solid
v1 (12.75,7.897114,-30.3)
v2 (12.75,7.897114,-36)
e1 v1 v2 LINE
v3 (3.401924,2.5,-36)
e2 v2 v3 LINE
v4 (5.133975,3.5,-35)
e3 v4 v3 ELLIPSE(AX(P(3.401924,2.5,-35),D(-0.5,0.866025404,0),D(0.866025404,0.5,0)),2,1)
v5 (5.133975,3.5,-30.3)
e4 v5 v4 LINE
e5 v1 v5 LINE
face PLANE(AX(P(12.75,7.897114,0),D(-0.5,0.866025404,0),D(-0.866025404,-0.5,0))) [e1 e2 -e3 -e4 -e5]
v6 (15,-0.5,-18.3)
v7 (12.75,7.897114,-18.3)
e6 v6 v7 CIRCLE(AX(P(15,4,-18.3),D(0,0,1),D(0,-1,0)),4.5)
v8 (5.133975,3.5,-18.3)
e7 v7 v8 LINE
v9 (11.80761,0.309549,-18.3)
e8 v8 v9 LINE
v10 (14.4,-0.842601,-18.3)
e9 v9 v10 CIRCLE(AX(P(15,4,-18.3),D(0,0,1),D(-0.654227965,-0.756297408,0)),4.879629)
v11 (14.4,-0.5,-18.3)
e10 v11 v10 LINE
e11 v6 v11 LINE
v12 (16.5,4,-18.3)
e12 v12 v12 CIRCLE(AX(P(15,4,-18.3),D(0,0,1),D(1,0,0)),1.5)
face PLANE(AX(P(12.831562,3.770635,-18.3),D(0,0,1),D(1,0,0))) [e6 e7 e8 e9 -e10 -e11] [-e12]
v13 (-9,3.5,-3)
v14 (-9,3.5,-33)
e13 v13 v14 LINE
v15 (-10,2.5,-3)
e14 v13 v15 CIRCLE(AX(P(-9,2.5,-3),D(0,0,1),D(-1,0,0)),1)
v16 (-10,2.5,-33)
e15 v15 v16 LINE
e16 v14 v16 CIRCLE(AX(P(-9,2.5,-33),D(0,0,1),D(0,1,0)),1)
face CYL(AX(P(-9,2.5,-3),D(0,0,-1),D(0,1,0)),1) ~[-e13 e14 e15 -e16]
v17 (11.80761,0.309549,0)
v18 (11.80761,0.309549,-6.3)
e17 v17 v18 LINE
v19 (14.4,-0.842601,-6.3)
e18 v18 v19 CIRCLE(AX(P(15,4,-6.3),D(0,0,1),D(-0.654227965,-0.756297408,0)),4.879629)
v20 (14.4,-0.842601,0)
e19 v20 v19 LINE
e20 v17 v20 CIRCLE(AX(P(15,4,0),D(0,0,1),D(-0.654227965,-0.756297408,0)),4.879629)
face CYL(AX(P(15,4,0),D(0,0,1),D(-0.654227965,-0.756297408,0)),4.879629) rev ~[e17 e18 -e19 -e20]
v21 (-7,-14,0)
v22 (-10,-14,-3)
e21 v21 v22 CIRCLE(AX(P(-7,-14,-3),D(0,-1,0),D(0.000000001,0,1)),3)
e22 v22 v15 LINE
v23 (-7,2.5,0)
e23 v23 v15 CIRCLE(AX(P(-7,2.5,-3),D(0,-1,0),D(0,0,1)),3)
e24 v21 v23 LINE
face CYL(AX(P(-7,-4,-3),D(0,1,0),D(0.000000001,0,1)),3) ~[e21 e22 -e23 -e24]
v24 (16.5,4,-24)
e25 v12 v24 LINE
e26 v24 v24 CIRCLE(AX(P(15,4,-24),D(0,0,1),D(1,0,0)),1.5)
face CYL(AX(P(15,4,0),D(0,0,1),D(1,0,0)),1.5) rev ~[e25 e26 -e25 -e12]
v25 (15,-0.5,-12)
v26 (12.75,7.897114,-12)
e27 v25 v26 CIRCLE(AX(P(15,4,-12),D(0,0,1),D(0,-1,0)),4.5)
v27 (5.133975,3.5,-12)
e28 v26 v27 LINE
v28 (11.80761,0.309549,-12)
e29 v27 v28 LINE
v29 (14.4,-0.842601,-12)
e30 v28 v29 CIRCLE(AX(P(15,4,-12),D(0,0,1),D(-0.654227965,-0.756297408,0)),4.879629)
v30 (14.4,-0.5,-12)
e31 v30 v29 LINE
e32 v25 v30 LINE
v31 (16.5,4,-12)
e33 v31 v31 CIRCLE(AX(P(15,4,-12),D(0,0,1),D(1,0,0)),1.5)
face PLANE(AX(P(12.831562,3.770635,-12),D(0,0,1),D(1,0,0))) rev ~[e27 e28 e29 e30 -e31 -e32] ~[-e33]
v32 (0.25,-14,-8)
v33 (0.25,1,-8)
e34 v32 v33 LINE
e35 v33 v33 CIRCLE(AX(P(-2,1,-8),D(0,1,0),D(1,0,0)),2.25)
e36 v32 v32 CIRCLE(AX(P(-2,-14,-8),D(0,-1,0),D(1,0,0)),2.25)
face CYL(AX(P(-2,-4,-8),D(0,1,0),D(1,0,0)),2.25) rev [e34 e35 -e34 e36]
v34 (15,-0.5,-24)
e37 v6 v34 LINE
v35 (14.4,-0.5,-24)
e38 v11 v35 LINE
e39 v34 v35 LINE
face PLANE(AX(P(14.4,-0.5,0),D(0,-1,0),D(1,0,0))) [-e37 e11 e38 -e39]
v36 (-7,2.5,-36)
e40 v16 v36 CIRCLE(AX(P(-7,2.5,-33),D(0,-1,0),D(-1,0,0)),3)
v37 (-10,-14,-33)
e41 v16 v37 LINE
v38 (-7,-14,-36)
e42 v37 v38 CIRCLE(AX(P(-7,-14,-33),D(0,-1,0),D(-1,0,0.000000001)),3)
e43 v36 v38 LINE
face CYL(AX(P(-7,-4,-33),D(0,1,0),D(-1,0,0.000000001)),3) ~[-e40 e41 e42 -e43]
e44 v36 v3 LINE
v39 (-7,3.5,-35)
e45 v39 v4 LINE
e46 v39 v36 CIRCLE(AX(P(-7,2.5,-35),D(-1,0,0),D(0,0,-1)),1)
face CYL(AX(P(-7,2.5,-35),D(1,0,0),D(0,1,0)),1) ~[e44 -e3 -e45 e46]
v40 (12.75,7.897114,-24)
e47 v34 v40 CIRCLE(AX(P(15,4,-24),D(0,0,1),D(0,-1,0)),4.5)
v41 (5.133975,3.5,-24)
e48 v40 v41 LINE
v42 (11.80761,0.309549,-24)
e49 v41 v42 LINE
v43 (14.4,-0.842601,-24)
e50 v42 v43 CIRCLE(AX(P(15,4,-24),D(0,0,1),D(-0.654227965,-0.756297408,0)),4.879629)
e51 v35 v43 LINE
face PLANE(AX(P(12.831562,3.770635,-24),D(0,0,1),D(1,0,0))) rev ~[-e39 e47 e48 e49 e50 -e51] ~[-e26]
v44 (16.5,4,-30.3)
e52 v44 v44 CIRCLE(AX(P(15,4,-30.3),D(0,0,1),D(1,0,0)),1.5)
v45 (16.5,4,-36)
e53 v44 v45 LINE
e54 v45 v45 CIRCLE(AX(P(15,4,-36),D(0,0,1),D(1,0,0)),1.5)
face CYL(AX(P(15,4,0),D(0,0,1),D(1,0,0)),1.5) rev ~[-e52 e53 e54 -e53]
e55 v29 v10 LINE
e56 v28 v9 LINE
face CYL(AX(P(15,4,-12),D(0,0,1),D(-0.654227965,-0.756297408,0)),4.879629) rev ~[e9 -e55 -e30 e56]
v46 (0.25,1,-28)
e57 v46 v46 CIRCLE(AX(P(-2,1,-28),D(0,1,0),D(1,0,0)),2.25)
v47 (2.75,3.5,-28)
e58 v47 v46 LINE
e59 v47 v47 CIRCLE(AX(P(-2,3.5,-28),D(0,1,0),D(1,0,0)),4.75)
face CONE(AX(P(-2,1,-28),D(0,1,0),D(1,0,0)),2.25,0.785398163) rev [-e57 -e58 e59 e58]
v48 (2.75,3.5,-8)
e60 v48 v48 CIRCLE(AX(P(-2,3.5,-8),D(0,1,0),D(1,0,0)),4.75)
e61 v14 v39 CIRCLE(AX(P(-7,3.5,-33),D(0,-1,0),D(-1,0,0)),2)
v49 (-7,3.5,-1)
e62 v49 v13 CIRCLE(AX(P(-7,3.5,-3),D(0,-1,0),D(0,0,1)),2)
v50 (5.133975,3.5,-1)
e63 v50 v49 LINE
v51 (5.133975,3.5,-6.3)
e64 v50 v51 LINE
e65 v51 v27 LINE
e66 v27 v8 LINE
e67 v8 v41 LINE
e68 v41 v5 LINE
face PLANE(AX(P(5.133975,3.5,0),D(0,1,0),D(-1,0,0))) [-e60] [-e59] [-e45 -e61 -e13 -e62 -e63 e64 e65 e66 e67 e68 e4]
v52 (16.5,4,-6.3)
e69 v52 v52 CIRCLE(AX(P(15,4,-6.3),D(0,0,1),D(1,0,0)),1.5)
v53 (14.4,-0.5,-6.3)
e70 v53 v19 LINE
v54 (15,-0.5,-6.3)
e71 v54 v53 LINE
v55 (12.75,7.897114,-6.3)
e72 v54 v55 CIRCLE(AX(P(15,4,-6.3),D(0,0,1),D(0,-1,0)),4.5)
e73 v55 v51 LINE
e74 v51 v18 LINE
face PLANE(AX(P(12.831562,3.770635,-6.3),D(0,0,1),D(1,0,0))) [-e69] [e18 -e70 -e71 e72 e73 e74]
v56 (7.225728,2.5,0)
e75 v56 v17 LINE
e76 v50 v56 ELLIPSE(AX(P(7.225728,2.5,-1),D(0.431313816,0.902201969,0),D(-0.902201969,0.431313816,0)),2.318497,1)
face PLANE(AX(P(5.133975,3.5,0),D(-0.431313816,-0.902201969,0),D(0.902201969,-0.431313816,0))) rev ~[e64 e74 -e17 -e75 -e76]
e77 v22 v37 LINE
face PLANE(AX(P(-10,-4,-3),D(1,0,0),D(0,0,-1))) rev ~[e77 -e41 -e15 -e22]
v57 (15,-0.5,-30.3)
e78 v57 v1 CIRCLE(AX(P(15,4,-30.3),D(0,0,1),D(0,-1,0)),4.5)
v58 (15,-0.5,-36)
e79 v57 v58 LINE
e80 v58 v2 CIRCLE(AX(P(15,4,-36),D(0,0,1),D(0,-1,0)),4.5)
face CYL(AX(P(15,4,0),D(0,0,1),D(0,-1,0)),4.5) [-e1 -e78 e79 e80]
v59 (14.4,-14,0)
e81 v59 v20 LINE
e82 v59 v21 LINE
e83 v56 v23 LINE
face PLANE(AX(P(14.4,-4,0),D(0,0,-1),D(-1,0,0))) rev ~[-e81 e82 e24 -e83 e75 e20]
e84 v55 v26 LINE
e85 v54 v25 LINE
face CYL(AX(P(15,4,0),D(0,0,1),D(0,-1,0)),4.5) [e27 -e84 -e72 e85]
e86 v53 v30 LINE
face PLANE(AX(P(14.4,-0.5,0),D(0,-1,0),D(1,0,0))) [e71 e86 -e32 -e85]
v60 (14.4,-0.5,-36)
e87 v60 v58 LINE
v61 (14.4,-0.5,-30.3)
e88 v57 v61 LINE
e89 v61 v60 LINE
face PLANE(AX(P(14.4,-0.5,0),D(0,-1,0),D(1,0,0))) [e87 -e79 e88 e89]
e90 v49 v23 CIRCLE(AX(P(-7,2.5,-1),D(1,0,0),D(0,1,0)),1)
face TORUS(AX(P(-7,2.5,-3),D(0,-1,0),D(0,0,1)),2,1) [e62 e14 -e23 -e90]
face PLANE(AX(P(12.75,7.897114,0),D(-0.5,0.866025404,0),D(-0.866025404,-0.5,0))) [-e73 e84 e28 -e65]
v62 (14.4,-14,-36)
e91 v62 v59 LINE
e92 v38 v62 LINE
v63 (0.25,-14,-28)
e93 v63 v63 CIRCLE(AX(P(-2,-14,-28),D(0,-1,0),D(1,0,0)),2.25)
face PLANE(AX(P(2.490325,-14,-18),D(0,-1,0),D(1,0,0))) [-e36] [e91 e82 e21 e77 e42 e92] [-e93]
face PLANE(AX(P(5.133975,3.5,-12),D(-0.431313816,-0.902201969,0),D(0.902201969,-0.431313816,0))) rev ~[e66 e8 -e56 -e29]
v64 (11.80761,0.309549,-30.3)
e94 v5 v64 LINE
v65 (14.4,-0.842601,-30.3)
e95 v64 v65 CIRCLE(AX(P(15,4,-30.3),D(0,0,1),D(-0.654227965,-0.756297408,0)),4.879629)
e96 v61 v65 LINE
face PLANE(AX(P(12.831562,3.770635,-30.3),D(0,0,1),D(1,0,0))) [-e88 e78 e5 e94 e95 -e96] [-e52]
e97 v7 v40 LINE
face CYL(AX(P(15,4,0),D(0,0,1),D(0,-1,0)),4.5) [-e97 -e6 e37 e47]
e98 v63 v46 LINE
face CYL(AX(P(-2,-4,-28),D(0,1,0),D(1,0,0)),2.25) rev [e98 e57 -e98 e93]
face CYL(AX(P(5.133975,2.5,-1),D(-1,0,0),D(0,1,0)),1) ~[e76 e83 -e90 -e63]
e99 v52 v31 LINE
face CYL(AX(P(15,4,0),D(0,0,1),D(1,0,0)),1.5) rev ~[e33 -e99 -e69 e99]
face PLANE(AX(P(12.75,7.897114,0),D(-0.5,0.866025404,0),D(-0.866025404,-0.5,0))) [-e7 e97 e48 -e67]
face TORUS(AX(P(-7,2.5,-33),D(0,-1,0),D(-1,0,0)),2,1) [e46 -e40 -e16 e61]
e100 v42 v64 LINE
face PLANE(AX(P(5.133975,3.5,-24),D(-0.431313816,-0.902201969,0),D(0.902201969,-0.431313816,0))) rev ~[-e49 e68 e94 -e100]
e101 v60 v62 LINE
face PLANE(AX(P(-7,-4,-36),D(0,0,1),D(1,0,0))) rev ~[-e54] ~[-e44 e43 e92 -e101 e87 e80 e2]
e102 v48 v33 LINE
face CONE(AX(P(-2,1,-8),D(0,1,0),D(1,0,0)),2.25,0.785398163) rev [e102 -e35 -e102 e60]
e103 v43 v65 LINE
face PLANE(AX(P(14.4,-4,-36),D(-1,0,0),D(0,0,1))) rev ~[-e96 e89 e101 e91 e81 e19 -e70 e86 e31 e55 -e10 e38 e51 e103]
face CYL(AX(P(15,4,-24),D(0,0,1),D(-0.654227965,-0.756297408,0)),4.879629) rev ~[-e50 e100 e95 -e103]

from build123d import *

# Parameters (mm, degrees)
CROQUIS1_R              = 1.5
SALIENTE_EXTRUIR1_DEPTH = 36
CORTAR_EXTRUIR1_DEPTH   = 6.3
MATRIZL1_COUNT          = 3
MATRIZL1_PITCH          = 12
CROQUIS3_R              = 2.25
CORTAR_EXTRUIR2_DEPTH   = 8.5
CHAFL_N1_SIZE           = 2.5
REDONDEO1_R             = 3
REDONDEO2_R             = 1
SKETCH1_R               = 2.25
BOSS_EXTRUDE2_DEPTH     = 10


with BuildPart() as part:
    # Croquis1 → Saliente-Extruir1 (new body)
    with BuildSketch(Plane.XY):
        with BuildLine():
            Line((12.75, 7.897114317), (5.133974596, 3.5))
            Line((5.133974596, 3.5), (-10, 3.5))
            Line((-10, 3.5), (-10, -4))
            Line((-10, -4), (14.4, -4))
            Line((14.4, -4), (14.4, -0.5))
            Line((14.4, -0.5), (15, -0.5))
            ThreePointArc((15, -0.5), (19.346666218, 5.164685703), (12.75, 7.897114317))
        make_face()
        with Locations((15, 4)):
            Circle(CROQUIS1_R, mode=Mode.SUBTRACT)
    extrude(amount=-SALIENTE_EXTRUIR1_DEPTH)

    # Croquis2 → Cortar-Extruir1 (cut)
    with BuildSketch(Plane.XY):
        with BuildLine():
            Line((14.4, -0.842600764), (15, -0.5))
            ThreePointArc((15, -0.5), (19.346666218, 5.164685703), (12.75, 7.897114317))
            Line((12.75, 7.897114317), (5.133974596, 3.5))
            Line((5.133974596, 3.5), (11.80761005, 0.309549003))
            ThreePointArc((11.80761005, 0.309549003), (13.018228657, -0.459076642), (14.4, -0.842600764))
        make_face()
    cortar_extruir1 = extrude(amount=-CORTAR_EXTRUIR1_DEPTH, mode=Mode.SUBTRACT)

    # MatrizL1: Cortar-Extruir1 ×3
    with Locations(*[(0, 0, -i * MATRIZL1_PITCH) for i in range(1, MATRIZL1_COUNT)]):
        add(cortar_extruir1, mode=Mode.SUBTRACT)

    # Croquis3 → Cortar-Extruir2 (cut, through all)
    with BuildSketch(Plane(origin=(0, 3.5, 0), x_dir=(1, 0, 0), z_dir=(0, 1, 0))):
        with Locations((-2, 28)):
            Circle(CROQUIS3_R)
        with Locations((-2, 8)):
            Circle(CROQUIS3_R)
    extrude(amount=-CORTAR_EXTRUIR2_DEPTH, mode=Mode.SUBTRACT)

    # Chaflán1
    chafl_n1_edges = [part.edges().sort_by_distance(p)[0] for p in [
        (-4.25, 3.5, -28),
        (-4.25, 3.5, -8),
    ]]
    chamfer(chafl_n1_edges, length=CHAFL_N1_SIZE)

    # Redondeo1
    redondeo1_edges = [part.edges().sort_by_distance(p)[0] for p in [
        (-10, -0.25, -36),
        (-10, -0.25, 0),
    ]]
    fillet(redondeo1_edges, radius=REDONDEO1_R)

    # Redondeo2
    redondeo2_edges = [part.edges().sort_by_distance(p)[0] for p in [
        (-10, 3.5, -18),
        (-9.121320344, 3.5, -0.878679656),
        (-9.121320344, 3.5, -35.121320344),
        (-0.933012702, 3.5, -36),
        (-0.933012702, 3.5, 0),
    ]]
    fillet(redondeo2_edges, radius=REDONDEO2_R)

    # Sketch1 → Boss-Extrude2 (add)
    with BuildSketch(Plane.XZ.offset(4)):
        with BuildLine():
            Line((-10, -3), (-10, -33))
            ThreePointArc((-10, -33), (-9.121320344, -35.121320344), (-7, -36))
            Line((-7, -36), (14.4, -36))
            Line((14.4, -36), (14.4, 0))
            Line((14.4, 0), (-7, 0))
            ThreePointArc((-7, 0), (-9.121320344, -0.878679656), (-10, -3))
        make_face()
        with Locations((-2, -8)):
            Circle(SKETCH1_R, mode=Mode.SUBTRACT)
        with Locations((-2, -28)):
            Circle(SKETCH1_R, mode=Mode.SUBTRACT)
    extrude(amount=BOSS_EXTRUDE2_DEPTH)


solid = part.part
